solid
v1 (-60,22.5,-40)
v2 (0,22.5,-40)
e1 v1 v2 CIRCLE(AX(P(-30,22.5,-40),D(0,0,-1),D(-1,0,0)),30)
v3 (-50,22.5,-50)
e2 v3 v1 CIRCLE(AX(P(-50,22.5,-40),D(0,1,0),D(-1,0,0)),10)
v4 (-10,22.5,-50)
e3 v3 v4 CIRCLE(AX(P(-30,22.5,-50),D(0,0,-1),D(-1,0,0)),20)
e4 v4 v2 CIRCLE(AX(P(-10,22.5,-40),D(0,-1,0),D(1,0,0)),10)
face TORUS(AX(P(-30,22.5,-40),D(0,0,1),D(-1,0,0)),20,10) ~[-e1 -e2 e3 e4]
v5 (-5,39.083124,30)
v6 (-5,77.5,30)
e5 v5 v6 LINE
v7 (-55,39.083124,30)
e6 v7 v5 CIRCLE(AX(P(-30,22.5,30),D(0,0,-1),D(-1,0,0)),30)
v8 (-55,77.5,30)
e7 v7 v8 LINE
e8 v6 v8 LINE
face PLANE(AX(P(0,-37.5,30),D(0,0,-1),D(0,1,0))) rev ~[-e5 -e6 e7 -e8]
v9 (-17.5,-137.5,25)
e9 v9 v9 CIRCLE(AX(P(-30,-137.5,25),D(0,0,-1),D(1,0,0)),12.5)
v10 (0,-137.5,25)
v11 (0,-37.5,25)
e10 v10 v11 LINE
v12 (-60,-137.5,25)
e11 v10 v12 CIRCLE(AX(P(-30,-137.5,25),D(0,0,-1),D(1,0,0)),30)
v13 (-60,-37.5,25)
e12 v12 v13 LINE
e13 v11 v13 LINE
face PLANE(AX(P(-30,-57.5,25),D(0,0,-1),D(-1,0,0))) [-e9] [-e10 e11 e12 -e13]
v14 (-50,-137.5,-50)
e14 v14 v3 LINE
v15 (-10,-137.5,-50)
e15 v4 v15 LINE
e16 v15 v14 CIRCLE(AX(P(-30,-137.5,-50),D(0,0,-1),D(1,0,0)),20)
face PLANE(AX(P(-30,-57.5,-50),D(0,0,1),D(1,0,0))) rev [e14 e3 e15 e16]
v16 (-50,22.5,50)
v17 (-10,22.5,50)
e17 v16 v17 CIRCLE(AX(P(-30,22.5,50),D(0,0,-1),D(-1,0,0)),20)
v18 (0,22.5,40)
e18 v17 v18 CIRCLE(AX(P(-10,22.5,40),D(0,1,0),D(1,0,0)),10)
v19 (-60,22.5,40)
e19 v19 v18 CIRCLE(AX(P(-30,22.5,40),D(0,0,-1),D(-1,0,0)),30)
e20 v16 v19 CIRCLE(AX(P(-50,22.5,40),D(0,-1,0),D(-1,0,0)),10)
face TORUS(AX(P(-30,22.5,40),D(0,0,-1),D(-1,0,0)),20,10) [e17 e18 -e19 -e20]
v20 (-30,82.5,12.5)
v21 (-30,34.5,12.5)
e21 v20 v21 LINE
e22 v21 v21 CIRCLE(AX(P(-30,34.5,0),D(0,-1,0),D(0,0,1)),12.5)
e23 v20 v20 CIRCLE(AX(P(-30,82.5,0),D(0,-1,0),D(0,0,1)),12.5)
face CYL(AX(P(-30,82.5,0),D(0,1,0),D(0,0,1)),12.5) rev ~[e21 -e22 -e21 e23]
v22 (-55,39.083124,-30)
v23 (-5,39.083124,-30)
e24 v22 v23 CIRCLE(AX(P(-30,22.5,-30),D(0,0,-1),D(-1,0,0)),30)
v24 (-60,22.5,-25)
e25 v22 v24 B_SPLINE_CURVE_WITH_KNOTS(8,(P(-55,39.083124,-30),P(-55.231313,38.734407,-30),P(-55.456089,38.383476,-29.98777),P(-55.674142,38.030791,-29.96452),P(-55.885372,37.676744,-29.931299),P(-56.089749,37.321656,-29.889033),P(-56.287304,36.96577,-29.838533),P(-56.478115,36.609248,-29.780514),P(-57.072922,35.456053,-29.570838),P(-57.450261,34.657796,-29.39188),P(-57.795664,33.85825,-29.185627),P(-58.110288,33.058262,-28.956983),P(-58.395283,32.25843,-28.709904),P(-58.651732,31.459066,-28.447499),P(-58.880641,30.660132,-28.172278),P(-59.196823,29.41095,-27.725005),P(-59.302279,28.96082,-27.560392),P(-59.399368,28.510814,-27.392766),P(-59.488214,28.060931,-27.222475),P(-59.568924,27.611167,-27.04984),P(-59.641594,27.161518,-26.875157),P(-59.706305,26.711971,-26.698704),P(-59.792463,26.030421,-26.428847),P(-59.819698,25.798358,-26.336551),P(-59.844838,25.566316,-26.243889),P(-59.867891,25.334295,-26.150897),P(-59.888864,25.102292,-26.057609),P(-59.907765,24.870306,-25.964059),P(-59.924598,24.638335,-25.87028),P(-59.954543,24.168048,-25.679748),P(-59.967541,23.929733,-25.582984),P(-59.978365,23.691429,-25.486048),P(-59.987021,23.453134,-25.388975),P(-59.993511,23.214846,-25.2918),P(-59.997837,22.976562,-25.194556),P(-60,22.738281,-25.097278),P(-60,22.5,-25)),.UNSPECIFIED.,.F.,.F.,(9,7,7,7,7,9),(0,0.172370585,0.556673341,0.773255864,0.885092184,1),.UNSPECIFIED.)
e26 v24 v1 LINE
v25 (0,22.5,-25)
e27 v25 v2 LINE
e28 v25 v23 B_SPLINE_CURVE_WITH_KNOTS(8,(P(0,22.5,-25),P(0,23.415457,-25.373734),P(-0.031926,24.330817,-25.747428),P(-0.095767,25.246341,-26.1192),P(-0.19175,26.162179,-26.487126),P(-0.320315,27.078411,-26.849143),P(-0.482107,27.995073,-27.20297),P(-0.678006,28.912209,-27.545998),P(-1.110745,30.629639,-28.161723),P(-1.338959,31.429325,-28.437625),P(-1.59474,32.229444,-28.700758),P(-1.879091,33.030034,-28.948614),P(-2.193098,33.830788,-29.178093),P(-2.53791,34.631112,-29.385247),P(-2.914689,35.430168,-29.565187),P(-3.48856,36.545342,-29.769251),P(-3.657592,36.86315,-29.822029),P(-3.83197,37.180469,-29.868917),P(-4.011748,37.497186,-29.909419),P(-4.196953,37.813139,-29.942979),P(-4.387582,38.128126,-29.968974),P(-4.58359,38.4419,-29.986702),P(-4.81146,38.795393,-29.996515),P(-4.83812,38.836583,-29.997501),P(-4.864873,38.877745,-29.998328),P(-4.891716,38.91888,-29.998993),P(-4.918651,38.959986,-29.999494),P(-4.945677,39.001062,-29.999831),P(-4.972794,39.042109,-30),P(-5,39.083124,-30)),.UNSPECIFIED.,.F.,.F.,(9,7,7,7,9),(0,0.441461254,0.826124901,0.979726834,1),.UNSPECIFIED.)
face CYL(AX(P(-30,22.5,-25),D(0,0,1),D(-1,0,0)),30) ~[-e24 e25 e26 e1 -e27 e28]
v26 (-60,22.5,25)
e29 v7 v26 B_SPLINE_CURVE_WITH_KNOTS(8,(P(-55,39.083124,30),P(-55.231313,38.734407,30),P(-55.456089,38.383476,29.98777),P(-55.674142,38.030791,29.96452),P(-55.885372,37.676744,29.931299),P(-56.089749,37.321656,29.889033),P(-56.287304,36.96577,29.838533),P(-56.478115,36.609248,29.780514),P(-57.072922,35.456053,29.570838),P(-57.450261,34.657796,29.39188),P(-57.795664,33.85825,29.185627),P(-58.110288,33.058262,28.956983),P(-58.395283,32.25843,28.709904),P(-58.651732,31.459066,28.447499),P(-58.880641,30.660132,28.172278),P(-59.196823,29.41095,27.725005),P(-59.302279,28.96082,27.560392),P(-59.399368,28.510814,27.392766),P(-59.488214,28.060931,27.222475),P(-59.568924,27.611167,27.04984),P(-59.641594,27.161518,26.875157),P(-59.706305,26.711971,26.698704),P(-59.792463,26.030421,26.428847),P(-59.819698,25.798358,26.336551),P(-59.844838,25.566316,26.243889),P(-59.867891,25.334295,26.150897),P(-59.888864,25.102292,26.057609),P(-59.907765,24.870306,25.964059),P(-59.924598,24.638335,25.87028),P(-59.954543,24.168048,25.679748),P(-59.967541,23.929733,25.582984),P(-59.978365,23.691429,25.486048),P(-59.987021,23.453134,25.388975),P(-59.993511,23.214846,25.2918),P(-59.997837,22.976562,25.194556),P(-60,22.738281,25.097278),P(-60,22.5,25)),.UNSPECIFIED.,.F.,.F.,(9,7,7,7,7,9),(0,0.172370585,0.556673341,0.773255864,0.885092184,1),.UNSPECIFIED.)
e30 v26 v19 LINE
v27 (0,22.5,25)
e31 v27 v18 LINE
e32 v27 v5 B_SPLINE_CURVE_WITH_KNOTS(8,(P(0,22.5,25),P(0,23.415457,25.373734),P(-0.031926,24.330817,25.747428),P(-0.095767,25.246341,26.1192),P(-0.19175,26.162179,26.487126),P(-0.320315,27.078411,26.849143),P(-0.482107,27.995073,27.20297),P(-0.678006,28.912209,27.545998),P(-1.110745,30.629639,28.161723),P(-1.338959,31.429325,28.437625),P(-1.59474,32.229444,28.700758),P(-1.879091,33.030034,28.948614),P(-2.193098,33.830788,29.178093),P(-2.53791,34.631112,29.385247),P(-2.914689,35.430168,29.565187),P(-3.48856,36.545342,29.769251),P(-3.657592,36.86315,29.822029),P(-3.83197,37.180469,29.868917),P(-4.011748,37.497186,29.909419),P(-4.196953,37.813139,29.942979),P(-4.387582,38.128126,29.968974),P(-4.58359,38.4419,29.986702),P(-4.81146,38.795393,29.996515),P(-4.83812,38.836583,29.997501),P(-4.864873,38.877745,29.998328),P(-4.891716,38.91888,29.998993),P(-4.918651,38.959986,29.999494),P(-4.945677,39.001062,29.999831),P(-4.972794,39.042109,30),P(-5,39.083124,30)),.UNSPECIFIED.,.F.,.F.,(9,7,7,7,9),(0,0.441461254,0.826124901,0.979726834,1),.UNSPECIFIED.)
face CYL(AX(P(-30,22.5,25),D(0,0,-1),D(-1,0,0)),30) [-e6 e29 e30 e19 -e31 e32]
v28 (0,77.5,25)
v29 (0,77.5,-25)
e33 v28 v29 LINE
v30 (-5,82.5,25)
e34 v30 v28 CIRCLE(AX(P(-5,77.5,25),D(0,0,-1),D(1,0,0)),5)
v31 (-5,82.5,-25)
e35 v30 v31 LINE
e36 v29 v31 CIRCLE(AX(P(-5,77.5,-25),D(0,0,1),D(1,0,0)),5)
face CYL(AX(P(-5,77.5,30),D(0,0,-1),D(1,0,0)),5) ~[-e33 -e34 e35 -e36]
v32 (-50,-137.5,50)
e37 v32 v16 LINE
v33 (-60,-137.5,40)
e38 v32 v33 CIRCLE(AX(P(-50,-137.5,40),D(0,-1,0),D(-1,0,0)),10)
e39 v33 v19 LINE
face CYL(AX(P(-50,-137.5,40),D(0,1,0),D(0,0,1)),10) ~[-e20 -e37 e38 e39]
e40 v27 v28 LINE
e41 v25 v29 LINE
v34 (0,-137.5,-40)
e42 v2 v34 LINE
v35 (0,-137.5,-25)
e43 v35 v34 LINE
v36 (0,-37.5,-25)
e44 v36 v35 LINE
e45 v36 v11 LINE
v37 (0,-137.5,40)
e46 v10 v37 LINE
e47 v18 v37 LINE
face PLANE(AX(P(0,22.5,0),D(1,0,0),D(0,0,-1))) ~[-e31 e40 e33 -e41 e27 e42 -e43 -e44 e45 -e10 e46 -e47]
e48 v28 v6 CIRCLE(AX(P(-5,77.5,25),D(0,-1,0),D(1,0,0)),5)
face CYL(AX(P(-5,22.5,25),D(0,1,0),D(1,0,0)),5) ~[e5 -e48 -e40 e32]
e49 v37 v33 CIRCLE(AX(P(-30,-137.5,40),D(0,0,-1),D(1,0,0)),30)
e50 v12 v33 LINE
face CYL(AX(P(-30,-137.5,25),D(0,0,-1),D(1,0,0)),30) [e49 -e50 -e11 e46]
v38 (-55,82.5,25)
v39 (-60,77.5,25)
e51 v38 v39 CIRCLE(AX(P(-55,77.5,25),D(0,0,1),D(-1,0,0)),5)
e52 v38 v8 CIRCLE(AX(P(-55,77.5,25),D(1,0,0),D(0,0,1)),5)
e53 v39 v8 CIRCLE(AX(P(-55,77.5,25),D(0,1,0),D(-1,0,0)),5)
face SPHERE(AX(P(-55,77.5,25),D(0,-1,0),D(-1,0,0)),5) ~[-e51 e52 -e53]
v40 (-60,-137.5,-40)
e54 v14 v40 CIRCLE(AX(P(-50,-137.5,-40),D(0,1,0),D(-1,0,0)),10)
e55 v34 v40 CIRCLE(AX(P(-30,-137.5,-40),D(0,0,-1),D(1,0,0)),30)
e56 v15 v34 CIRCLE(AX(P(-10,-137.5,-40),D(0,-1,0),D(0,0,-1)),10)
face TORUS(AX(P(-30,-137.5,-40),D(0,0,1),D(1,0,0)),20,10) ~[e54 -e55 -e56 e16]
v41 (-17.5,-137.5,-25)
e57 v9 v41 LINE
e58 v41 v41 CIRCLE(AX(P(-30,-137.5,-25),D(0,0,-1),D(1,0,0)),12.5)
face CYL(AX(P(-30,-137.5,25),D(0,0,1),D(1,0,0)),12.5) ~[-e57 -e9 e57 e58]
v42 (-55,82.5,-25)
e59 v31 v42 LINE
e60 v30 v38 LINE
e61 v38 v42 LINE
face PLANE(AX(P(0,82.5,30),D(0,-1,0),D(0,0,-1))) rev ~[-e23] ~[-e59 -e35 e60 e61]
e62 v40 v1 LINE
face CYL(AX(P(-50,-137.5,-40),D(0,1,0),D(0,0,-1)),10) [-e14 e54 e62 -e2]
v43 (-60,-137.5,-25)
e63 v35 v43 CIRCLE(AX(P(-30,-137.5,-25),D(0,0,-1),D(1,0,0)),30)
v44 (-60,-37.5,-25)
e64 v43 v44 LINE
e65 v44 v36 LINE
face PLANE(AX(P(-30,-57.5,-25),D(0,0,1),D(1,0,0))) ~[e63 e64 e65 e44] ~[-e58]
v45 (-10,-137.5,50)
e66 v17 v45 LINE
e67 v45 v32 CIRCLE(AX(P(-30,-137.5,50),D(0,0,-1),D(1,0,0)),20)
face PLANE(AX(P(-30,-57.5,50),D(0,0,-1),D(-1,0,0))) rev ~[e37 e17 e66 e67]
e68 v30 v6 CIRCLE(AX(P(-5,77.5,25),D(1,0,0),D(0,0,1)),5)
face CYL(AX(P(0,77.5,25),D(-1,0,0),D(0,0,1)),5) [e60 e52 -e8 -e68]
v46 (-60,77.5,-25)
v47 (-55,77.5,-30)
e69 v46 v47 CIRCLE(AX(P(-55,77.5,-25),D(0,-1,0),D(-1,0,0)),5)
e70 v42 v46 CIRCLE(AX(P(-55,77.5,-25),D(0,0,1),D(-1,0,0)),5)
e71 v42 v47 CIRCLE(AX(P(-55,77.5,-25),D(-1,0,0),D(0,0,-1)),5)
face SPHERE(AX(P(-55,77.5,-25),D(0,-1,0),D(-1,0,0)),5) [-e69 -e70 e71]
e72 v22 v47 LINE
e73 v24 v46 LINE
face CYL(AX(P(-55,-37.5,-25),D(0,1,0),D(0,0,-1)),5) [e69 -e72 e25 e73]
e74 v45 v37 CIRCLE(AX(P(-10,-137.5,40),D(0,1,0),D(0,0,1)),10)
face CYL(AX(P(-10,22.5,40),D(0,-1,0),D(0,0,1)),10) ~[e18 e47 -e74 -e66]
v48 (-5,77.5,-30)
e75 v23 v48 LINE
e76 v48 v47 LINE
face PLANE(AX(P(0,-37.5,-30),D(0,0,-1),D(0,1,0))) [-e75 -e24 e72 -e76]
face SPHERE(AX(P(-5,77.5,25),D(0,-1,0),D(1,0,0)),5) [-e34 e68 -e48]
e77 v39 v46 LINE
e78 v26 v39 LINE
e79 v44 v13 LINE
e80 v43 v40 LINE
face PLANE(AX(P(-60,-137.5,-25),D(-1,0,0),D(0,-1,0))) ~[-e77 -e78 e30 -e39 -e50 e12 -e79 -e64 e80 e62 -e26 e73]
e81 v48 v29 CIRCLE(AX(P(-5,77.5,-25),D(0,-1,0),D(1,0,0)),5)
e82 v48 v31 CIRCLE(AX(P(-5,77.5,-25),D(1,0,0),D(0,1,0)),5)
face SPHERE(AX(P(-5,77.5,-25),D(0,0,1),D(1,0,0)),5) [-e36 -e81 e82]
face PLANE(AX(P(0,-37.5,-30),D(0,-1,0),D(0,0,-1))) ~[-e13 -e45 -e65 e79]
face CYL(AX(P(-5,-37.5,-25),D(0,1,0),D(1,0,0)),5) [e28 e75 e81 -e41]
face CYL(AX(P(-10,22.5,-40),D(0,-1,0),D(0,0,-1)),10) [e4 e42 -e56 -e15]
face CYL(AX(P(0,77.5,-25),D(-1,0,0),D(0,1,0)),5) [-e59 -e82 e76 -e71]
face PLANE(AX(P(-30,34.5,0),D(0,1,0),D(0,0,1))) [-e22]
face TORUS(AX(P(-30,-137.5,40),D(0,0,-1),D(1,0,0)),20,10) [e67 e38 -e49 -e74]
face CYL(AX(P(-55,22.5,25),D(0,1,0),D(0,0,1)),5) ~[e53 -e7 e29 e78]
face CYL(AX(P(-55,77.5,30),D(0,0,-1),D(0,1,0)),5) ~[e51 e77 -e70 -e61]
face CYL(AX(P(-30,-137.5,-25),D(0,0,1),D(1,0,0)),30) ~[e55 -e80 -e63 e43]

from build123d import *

# Parameters (mm, degrees)
SKETCH2_W                = 60
SKETCH2_H                = 120
BOSS_EXTRUDE1_DEPTH      = 60
SKETCH5_R                = 12.5
CUT_EXTRUDE2_DEPTH       = 48
BOSS_EXTRUDE3_DEPTH      = 20
BOSS_EXTRUDE3_DEPTH_BACK = 5
FILLET3_R                = 5
FILLET4_R                = 10
FILLET5_R                = 10
FILLET6_R                = 5
SKETCH7_R                = 12.5
BOSS_EXTRUDE4_DEPTH      = 50


with BuildPart() as part:
    # Sketch2 → Boss-Extrude1 (new body)
    with BuildSketch(Plane(origin=(0, 0, 0), x_dir=(0, 0, -1), z_dir=(1, 0, 0))):
        with Locations((0, 22.5)):
            Rectangle(SKETCH2_W, SKETCH2_H)
    extrude(amount=-BOSS_EXTRUDE1_DEPTH)

    # Sketch5 → Cut-Extrude2 (cut)
    with BuildSketch(Plane(origin=(0, 82.5, 0), x_dir=(1, 0, 0), z_dir=(0, 1, 0))):
        with Locations(Location((-30, 0, 0), (0, 0, 270))):
            Circle(SKETCH5_R)
    extrude(amount=-CUT_EXTRUDE2_DEPTH, mode=Mode.SUBTRACT)

    # Sketch6 → Boss-Extrude3 (add, two sides: drawn at the far end of the back side and taken through both)
    with BuildSketch(Plane.XY.offset(30).offset(-BOSS_EXTRUDE3_DEPTH_BACK)):
        with BuildLine():
            Line((0, 22.5), (0, -137.5))
            ThreePointArc((0, -137.5), (-30, -167.5), (-60, -137.5))
            Line((-60, -137.5), (-60, 22.5))
            ThreePointArc((-60, 22.5), (-30, 52.5), (0, 22.5))
        make_face()
    extrude(amount=BOSS_EXTRUDE3_DEPTH + BOSS_EXTRUDE3_DEPTH_BACK)

    # Fillet3
    fillet3_edges = [part.edges().sort_by_distance(p)[0] for p in [
        (-60, 52.5, 30),
        (-60, 22.5, -30),
        (0, 52.5, 30),
        (0, 82.5, 0),
        (0, 22.5, -30),
        (-60, 82.5, 0),
        (-30, 82.5, 30),
        (-30, 82.5, -30),
    ]]
    fillet(fillet3_edges, radius=FILLET3_R)


with BuildPart() as body_2:
    # Mirror2: mirrored copy
    add(part.part.mirror(Plane(origin=(0, 0, 0), x_dir=(1, 0, 0), z_dir=(0, 0, -1))))

    # Fillet5
    fillet5_edges = [body_2.edges().sort_by_distance(p)[0] for p in [
        (-30, 52.5, -50),
        (-60, -57.5, -50),
        (-30, -167.5, -50),
        (0, -57.5, -50),
    ]]
    fillet(fillet5_edges, radius=FILLET5_R)


with BuildPart() as part_1:
    add(part.part)

    # Fillet4
    fillet4_edges = [part_1.edges().sort_by_distance(p)[0] for p in [
        (-30, 52.5, 50),
        (-60, -57.5, 50),
        (-30, -167.5, 50),
        (0, -57.5, 50),
    ]]
    fillet(fillet4_edges, radius=FILLET4_R)

    # Fillet6
    fillet6_edges = [part_1.edges().sort_by_distance(p)[0] for p in [
        (0, -37.5, 0),
        (-60, -37.5, 0),
        (-30, -37.5, -30),
        (-58.535533906, -37.5, -28.535533906),
        (-1.464466094, -37.5, -28.535533906),
    ]]
    fillet(fillet6_edges, radius=FILLET6_R)

    add(body_2.part)  # Boss-Extrude4 merges body 2
    # Sketch7 → Boss-Extrude4 (add)
    with BuildSketch(Plane(origin=(0, 0, 25), x_dir=(-1, 0, 0), z_dir=(0, 0, -1))):
        with Locations(Location((30, -137.5, 0), (0, 0, 180))):
            Circle(SKETCH7_R)
    extrude(amount=BOSS_EXTRUDE4_DEPTH)


solid = part_1.part
